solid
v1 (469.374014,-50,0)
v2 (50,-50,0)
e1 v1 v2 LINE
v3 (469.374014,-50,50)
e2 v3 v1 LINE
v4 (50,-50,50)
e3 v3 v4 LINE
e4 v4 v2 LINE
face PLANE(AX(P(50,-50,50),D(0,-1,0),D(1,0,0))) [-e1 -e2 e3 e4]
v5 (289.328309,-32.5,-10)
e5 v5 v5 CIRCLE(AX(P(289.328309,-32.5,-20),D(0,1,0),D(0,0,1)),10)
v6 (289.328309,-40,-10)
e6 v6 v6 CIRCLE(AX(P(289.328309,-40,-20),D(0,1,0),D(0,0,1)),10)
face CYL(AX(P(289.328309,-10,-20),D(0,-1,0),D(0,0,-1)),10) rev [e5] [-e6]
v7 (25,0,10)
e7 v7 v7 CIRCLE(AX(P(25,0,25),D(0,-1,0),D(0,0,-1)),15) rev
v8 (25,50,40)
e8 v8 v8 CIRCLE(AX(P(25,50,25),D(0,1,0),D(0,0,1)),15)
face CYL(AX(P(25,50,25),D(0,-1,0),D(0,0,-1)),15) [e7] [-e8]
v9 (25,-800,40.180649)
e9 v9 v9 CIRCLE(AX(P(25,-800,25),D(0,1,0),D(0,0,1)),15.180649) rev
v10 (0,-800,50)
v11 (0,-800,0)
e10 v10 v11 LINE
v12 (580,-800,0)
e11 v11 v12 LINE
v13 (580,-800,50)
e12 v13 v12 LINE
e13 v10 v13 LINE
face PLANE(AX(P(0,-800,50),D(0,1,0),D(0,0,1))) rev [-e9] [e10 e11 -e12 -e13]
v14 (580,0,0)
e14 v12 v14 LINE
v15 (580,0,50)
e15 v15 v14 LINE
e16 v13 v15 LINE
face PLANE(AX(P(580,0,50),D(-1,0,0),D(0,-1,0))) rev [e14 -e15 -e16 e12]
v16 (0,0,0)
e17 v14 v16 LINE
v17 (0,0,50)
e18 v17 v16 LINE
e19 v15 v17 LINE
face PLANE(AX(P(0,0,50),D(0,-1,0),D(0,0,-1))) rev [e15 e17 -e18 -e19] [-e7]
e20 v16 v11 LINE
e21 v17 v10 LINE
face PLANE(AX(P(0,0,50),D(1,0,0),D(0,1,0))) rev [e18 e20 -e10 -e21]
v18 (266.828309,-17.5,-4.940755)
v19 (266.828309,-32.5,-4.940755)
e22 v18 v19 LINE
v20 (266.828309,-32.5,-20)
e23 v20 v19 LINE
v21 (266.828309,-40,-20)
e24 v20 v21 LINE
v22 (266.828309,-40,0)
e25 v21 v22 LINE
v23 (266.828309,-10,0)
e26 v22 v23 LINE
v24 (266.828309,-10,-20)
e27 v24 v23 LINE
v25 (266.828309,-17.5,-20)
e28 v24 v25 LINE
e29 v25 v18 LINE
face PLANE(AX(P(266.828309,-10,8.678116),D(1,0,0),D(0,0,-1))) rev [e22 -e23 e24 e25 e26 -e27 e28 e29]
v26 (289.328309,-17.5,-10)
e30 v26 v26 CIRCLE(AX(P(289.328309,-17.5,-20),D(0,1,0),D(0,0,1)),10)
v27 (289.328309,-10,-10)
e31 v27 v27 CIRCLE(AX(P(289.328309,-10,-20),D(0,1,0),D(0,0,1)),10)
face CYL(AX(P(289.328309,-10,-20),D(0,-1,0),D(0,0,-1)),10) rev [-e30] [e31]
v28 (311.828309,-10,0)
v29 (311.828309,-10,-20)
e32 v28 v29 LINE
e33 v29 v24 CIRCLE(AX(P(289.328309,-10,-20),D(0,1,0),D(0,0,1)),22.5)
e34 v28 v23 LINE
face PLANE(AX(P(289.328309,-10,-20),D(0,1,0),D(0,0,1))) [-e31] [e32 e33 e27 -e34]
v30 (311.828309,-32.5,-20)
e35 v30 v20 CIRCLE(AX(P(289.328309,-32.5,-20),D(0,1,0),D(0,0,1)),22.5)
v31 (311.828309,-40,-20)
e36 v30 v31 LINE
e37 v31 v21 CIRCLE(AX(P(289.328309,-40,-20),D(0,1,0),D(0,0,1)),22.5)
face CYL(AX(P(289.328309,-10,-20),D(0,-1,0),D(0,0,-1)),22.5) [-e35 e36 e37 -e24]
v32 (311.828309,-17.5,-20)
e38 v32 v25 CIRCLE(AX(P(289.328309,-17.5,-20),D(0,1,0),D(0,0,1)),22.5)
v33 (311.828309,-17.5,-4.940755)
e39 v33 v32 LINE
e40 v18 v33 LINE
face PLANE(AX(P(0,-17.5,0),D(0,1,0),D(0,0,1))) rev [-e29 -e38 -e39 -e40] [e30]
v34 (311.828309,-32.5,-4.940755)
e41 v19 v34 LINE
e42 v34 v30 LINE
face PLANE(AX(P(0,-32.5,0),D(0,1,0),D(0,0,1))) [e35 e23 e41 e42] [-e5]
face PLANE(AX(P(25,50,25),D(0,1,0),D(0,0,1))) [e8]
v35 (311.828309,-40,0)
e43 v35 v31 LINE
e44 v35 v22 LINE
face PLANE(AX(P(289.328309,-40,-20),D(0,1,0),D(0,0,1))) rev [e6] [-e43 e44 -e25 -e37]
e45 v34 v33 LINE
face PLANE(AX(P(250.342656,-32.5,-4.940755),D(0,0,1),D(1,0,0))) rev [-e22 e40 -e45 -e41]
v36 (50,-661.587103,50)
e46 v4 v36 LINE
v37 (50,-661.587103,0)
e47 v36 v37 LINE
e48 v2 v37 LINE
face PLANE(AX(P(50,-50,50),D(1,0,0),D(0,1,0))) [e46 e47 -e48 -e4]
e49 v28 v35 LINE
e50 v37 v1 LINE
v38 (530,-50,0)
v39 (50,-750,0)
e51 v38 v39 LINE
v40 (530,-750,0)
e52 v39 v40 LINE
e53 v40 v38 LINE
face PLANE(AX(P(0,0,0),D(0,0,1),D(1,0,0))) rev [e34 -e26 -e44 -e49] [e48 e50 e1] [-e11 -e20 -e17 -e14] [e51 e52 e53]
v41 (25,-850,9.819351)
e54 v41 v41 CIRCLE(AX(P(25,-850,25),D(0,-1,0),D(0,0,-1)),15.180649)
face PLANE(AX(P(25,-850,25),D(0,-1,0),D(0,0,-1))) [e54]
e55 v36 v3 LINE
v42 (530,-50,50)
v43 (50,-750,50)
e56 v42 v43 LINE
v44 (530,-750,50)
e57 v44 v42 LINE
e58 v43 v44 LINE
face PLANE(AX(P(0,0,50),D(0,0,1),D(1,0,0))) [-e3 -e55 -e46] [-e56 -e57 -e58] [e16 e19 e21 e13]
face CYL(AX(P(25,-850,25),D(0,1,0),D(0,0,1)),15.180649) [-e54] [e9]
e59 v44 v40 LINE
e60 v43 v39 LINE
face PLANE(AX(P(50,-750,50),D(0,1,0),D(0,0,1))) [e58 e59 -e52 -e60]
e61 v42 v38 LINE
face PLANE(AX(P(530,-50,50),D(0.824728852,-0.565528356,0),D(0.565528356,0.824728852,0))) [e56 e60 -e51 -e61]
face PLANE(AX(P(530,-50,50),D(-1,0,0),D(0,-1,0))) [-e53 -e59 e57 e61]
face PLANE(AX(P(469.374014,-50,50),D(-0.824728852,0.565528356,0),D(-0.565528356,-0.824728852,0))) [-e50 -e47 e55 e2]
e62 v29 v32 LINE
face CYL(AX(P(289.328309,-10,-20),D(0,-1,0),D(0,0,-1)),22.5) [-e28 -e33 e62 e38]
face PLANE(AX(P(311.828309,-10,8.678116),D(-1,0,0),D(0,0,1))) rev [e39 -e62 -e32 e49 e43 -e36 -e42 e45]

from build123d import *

# Parameters (mm, degrees)
ESQUISSE1_W             = 580
ESQUISSE1_H             = 800
BOSS_EXTRU_1_DEPTH      = 50
ESQUISSE2_R             = 15
BOSS_EXTRU_2_DEPTH      = 50
ESQUISSE3_R             = 15.180649449
BOSS_EXTRU_3_DEPTH      = 50
ESQUISSE4_R             = 10
BOSS_EXTRU_4_DEPTH      = 15
ESQUISSE5_W             = 76.670865877
ESQUISSE5_H             = 44.284034601
ENL_V_MAT_EXTRU_1_DEPTH = 7.5


with BuildPart() as part:
    # Esquisse1 → Boss.-Extru.1 (new body)
    with BuildSketch(Plane.XY):
        with Locations((290, -400)):
            Rectangle(ESQUISSE1_W, ESQUISSE1_H)
        Polygon((50, -50), (469.374013789, -50), (50, -661.587103442), align=None, mode=Mode.SUBTRACT)
        Polygon((530, -50), (530, -750), (50, -750), align=None, mode=Mode.SUBTRACT)
    extrude(amount=BOSS_EXTRU_1_DEPTH)

    # Esquisse2 → Boss.-Extru.2 (add)
    with BuildSketch(Plane(origin=(0, 0, 0), x_dir=(1, 0, 0), z_dir=(0, 1, 0))):
        with Locations(Location((25, -25, 0), (0, 0, 90))):
            Circle(ESQUISSE2_R)
    extrude(amount=BOSS_EXTRU_2_DEPTH)

    # Esquisse3 → Boss.-Extru.3 (add)
    with BuildSketch(Plane.XZ.offset(800)):
        with Locations(Location((25, 25, 0), (0, 0, 90))):
            Circle(ESQUISSE3_R)
    extrude(amount=BOSS_EXTRU_3_DEPTH)

    # Esquisse4 → Boss.-Extru.4 (add, symmetric)
    with BuildSketch(Plane(origin=(0, -25, 0), x_dir=(1, 0, 0), z_dir=(0, 1, 0))):
        with BuildLine():
            Line((311.828309325, -8.678116476), (266.828309325, -8.678116476))
            Line((266.828309325, -8.678116476), (266.828309325, 20))
            ThreePointArc((266.828309325, 20), (289.328309325, 42.5), (311.828309325, 20))
            Line((311.828309325, 20), (311.828309325, -8.678116476))
        make_face()
        with Locations(Location((289.328309325, 20, 0), (0, 0, 270))):
            Circle(ESQUISSE4_R, mode=Mode.SUBTRACT)
    extrude(amount=BOSS_EXTRU_4_DEPTH, both=True)

    # Esquisse5 → Enlèv. mat.-Extru.1 (cut, symmetric)
    with BuildSketch(Plane(origin=(0, -25, 0), x_dir=(1, 0, 0), z_dir=(0, 1, 0))):
        with Locations((288.67808852, 27.082772298)):
            Rectangle(ESQUISSE5_W, ESQUISSE5_H)
    extrude(amount=ENL_V_MAT_EXTRU_1_DEPTH, both=True, mode=Mode.SUBTRACT)


solid = part.part
